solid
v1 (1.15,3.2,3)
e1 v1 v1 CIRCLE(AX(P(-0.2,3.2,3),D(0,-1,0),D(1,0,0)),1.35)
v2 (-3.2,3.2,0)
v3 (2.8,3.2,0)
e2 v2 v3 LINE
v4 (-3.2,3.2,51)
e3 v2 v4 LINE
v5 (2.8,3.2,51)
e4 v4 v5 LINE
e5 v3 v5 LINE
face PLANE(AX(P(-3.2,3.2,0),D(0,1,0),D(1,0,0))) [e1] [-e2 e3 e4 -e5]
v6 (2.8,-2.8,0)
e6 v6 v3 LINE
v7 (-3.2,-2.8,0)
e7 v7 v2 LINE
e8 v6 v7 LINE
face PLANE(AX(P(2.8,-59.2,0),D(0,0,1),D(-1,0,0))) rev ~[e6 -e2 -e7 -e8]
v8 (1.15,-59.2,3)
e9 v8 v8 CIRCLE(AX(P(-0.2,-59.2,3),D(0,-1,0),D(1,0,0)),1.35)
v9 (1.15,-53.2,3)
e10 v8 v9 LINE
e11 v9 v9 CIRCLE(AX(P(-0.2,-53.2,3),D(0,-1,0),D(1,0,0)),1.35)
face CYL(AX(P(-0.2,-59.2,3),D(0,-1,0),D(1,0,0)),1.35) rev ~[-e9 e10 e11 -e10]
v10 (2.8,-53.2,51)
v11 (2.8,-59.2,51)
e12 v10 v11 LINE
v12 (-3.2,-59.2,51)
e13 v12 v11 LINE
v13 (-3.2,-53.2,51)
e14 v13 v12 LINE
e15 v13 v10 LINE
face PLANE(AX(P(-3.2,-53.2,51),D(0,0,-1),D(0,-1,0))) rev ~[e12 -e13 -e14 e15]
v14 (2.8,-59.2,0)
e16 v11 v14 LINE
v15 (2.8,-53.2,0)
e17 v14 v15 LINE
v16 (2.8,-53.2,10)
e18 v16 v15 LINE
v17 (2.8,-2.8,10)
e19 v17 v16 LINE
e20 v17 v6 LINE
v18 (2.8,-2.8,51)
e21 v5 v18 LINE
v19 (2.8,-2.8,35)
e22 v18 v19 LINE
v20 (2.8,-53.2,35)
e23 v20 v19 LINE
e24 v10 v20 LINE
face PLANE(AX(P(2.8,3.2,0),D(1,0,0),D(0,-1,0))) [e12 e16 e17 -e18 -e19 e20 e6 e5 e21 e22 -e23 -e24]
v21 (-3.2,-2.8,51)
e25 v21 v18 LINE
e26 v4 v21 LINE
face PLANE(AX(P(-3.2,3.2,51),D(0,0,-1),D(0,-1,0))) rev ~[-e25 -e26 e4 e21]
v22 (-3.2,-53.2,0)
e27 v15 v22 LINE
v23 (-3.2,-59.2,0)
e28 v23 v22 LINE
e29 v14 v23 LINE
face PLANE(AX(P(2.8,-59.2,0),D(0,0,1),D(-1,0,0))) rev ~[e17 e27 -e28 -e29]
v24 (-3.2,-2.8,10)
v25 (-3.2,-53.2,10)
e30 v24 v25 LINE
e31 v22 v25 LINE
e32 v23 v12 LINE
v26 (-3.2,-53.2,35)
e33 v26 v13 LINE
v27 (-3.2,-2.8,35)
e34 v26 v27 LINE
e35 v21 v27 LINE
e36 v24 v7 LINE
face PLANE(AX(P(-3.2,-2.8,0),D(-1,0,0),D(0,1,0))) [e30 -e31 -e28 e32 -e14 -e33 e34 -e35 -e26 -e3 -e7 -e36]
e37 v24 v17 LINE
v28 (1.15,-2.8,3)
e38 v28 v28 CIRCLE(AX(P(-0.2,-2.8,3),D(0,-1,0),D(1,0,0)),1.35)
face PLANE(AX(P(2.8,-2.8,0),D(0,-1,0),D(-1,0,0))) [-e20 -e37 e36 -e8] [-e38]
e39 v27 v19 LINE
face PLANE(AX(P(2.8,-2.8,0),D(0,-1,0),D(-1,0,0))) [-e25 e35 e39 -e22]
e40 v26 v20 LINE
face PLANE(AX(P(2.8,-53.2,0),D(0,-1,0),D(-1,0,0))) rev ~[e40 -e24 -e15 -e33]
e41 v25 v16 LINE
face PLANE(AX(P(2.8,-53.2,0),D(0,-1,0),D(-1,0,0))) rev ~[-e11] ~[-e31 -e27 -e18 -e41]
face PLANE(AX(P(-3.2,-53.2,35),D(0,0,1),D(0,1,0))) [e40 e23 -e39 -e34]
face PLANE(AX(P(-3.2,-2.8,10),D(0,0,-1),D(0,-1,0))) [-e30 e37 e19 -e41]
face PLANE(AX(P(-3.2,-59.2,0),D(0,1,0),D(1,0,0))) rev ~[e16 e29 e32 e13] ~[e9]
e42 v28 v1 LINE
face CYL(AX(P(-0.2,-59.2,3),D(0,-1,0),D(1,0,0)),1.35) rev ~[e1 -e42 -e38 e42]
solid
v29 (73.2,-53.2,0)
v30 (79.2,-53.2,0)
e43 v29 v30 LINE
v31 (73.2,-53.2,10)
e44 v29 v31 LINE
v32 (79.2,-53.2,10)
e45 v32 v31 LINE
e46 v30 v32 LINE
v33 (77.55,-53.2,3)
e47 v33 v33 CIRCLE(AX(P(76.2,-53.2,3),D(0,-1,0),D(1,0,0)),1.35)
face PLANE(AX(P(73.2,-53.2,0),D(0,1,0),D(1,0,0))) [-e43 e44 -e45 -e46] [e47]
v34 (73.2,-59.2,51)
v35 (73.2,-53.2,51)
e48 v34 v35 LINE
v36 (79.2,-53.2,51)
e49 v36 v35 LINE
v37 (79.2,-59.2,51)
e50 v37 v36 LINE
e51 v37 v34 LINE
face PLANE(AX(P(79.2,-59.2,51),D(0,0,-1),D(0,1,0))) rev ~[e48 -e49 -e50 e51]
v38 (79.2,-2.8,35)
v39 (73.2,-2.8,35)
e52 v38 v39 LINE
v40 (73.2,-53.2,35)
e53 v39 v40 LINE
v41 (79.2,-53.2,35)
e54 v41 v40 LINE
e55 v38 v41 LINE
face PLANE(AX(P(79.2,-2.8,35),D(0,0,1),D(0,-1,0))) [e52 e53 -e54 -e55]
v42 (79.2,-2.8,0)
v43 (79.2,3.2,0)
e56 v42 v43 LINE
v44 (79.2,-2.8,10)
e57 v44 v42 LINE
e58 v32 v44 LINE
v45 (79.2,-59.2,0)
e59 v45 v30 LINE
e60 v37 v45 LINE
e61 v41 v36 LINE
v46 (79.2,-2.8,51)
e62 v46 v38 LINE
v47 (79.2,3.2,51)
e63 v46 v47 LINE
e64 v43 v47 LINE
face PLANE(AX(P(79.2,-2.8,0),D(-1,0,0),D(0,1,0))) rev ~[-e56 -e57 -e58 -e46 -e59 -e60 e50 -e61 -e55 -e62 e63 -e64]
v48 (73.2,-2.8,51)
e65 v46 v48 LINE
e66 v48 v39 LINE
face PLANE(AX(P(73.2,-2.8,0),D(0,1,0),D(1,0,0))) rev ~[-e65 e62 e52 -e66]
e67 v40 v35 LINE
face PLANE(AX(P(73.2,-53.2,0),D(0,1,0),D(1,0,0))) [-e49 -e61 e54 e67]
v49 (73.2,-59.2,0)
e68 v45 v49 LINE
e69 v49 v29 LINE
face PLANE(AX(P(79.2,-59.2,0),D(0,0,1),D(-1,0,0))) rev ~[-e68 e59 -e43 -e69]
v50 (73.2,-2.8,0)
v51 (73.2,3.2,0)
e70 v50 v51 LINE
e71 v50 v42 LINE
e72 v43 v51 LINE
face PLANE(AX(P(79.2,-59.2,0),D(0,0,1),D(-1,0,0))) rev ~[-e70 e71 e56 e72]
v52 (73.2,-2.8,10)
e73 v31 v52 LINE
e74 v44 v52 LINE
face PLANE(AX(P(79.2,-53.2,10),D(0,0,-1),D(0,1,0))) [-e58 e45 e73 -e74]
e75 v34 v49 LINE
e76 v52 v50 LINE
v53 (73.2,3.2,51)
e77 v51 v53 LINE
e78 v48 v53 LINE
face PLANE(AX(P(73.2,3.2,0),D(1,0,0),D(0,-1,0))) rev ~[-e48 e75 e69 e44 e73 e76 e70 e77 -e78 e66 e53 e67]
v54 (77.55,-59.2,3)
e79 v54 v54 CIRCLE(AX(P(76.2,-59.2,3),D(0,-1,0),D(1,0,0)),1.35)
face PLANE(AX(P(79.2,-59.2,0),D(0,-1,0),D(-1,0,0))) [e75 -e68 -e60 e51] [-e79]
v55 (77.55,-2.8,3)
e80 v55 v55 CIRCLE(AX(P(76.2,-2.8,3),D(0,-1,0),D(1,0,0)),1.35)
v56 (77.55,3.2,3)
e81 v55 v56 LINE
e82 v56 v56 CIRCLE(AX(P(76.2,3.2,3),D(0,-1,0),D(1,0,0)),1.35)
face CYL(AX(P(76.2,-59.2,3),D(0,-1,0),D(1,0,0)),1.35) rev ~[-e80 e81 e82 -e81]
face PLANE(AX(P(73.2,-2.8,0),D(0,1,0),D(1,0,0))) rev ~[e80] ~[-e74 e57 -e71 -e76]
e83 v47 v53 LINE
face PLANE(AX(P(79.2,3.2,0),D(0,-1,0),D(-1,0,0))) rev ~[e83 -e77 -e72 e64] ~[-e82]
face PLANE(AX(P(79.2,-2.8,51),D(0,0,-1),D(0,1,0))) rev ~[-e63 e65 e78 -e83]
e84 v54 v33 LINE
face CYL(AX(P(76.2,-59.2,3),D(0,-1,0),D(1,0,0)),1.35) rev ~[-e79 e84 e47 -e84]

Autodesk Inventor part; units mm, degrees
ref_plane "YZ Plane" through (0, 0, 0) normal (1, 0, 0) x (0, 1, 0)
ref_plane "XZ Plane" through (0, 0, 0) normal (0, 1, 0) x (-1, 0, 0)
ref_plane "XY Plane" through (0, 0, 0) normal (0, 0, 1) x (1, 0, 0)
sketch "스케치1" plane through (0, 0, 0) normal (0, 0, 1) x (1, 0, 0)
  circle A0 centre (7.2, -7.2) radius 1.6 projected
  circle A1 centre (68.8, -7.2) radius 1.6 projected
  circle A2 centre (7.2, -48.8) radius 1.6 projected
  circle A3 centre (68.8, -48.8) radius 1.6 projected
  line L0 (73, -3) -> (3, -3) projected
  line L1 (3, -3) -> (3, -53) projected
  line L2 (3, -53) -> (73, -53) projected
  line L3 (73, -53) -> (73, -3) projected
  line L4 (22.5584, -24.5391) -> (23.3691, -24.5391) projected
  line L5 (23.3691, -24.5391) -> (23.3691, -29.9174) projected
  line L6 (23.3691, -29.9174) -> (25.4156, -29.9174) projected
  line L7 (25.4156, -29.9174) -> (25.4156, -30.6391) projected
  line L8 (25.4156, -30.6391) -> (20.5118, -30.6391) projected
  line L9 (20.5118, -30.6391) -> (20.5118, -29.9174) projected
  line L10 (20.5118, -29.9174) -> (22.5584, -29.9174) projected
  line L11 (22.5584, -29.9174) -> (22.5584, -24.5391) projected
  spline S0 degree 2 poles (29.6668, -24.9741) (29.9584, -24.6874) (30.7296, -24.4106) (31.2931, -24.4106) knots 0 0 0 1 2 2 2 projected
  spline S1 degree 2 poles (31.2931, -24.4106) (31.8319, -24.4106) (32.6328, -24.6924) (32.9145, -24.9741) knots 0 0 0 1 2 2 2 projected
  spline S2 degree 2 poles (32.9145, -24.9741) (33.2358, -25.2905) (33.4978, -26.1803) (33.4978, -26.8328) knots 0 0 0 1 2 2 2 projected
  line L12 (33.4978, -26.8328) -> (33.4978, -30.6391) projected
  line L13 (33.4978, -30.6391) -> (32.6871, -30.6391) projected
  line L14 (32.6871, -30.6391) -> (32.6871, -26.8328) projected
  spline S3 degree 2 poles (32.6871, -26.8328) (32.6871, -26.4077) (32.5784, -25.8343) (32.4251, -25.6019) knots 0 0 0 1 2 2 2 projected
  spline S4 degree 2 poles (32.4251, -25.6019) (32.262, -25.3548) (31.6985, -25.1027) (31.2931, -25.1027) knots 0 0 0 1 2 2 2 projected
  spline S5 degree 2 poles (31.2931, -25.1027) (30.9125, -25.1027) (30.3193, -25.3548) (30.1562, -25.6019) knots 0 0 0 1 2 2 2 projected
  spline S6 degree 2 poles (30.1562, -25.6019) (30.0029, -25.8343) (29.8942, -26.4028) (29.8942, -26.813) knots 0 0 0 1 2 2 2 projected
  line L15 (29.8942, -26.813) -> (29.8942, -30.6391) projected
  line L16 (29.8942, -30.6391) -> (29.0835, -30.6391) projected
  line L17 (29.0835, -30.6391) -> (29.0835, -26.8328) projected
  spline S7 degree 2 poles (29.0835, -26.8328) (29.0835, -26.1951) (29.3405, -25.2856) (29.6668, -24.9741) knots 0 0 0 1 2 2 2 projected
  line L18 (44.6696, -25.162) -> (44.6696, -24.5391) projected
  line L19 (44.6696, -24.5391) -> (47.0325, -24.5391) projected
  line L20 (47.0325, -24.5391) -> (47.0325, -25.162) projected
  line L21 (47.0325, -25.162) -> (46.2564, -25.162) projected
  line L22 (46.2564, -25.162) -> (46.2564, -30.0163) projected
  line L23 (46.2564, -30.0163) -> (47.0325, -30.0163) projected
  line L24 (47.0325, -30.0163) -> (47.0325, -30.6391) projected
  line L25 (47.0325, -30.6391) -> (44.6696, -30.6391) projected
  line L26 (44.6696, -30.6391) -> (44.6696, -30.0163) projected
  line L27 (44.6696, -30.0163) -> (45.4457, -30.0163) projected
  line L28 (45.4457, -30.0163) -> (45.4457, -25.162) projected
  line L29 (45.4457, -25.162) -> (44.6696, -25.162) projected
  spline S8 degree 2 poles (48.3623, -24.6083) (48.6292, -24.5194) (49.084, -24.4304) (49.4498, -24.4304) knots 0 0 0 1 2 2 2 projected
  spline S9 degree 2 poles (49.4498, -24.4304) (50.043, -24.4304) (51.0464, -24.8308) (51.4123, -25.2312) knots 0 0 0 1 2 2 2 projected
  spline S10 degree 2 poles (51.4123, -25.2312) (51.7781, -25.6267) (52.1785, -26.813) (52.1785, -27.5842) knots 0 0 0 1 2 2 2 projected
  spline S11 degree 2 poles (52.1785, -27.5842) (52.1785, -28.3504) (51.7879, -29.4874) (51.4172, -29.9075) knots 0 0 0 1 2 2 2 projected
  spline S12 degree 2 poles (51.4172, -29.9075) (51.0514, -30.3178) (50.0529, -30.7479) (49.4349, -30.7479) knots 0 0 0 1 2 2 2 projected
  spline S13 degree 2 poles (49.4349, -30.7479) (49.1285, -30.7479) (48.5896, -30.6589) (48.3623, -30.5897) knots 0 0 0 1 2 2 2 projected
  spline S14 degree 2 poles (48.3623, -30.5897) (48.1645, -30.5254) (47.7542, -30.3425) (47.5516, -30.2338) knots 0 0 0 1 2 2 2 projected
  line L30 (47.5516, -30.2338) -> (47.5516, -29.255) projected
  line L31 (47.5516, -29.255) -> (47.6158, -29.255) projected
  spline S15 degree 2 poles (47.6158, -29.255) (47.7246, -29.3539) (48.0607, -29.6307) (48.3029, -29.7642) knots 0 0 0 1 2 2 2 projected
  spline S16 degree 2 poles (48.3029, -29.7642) (48.5353, -29.8927) (49.084, -30.0558) (49.4399, -30.0558) knots 0 0 0 1 2 2 2 projected
  spline S17 degree 2 poles (49.4399, -30.0558) (49.8304, -30.0558) (50.5274, -29.7345) (50.7894, -29.428) knots 0 0 0 1 2 2 2 projected
  spline S18 degree 2 poles (50.7894, -29.428) (51.0464, -29.1166) (51.3332, -28.1724) (51.3332, -27.5842) knots 0 0 0 1 2 2 2 projected
  spline S19 degree 2 poles (51.3332, -27.5842) (51.3332, -26.9564) (51.0316, -26.0518) (50.7696, -25.7404) knots 0 0 0 1 2 2 2 projected
  spline S20 degree 2 poles (50.7696, -25.7404) (50.5126, -25.4388) (49.8255, -25.1323) (49.4399, -25.1323) knots 0 0 0 1 2 2 2 projected
  spline S21 degree 2 poles (49.4399, -25.1323) (49.0889, -25.1323) (48.4908, -25.3053) (48.2584, -25.4339) knots 0 0 0 1 2 2 2 projected
  spline S22 degree 2 poles (48.2584, -25.4339) (48.036, -25.5624) (47.7048, -25.8293) (47.6109, -25.9233) knots 0 0 0 1 2 2 2 projected
  line L32 (47.6109, -25.9233) -> (47.5516, -25.9233) projected
  line L33 (47.5516, -25.9233) -> (47.5516, -24.9544) projected
  spline S23 degree 2 poles (47.5516, -24.9544) (47.7542, -24.8604) (48.1101, -24.6874) (48.3623, -24.6083) knots 0 0 0 1 2 2 2 projected
  line L34 (41.1154, -27.1937) -> (38.9453, -24.5391) projected
  line L35 (38.9453, -24.5391) -> (39.9982, -24.5391) projected
  line L36 (39.9982, -24.5391) -> (41.9261, -26.9663) projected
  line L37 (41.9261, -26.9663) -> (42.8554, -26.9663) projected
  line L38 (42.8554, -26.9663) -> (42.8554, -24.5391) projected
  line L39 (42.8554, -24.5391) -> (43.6661, -24.5391) projected
  line L40 (43.6661, -24.5391) -> (43.6661, -30.6391) projected
  line L41 (43.6661, -30.6391) -> (42.0942, -30.6391) projected
  spline S24 degree 2 poles (42.0942, -30.6391) (41.5702, -30.6391) (40.8633, -30.5254) (40.542, -30.3178) knots 0 0 0 1 2 2 2 projected
  spline S25 degree 2 poles (40.542, -30.3178) (40.2207, -30.1102) (39.8499, -29.4626) (39.8499, -28.9831) knots 0 0 0 1 2 2 2 projected
  spline S26 degree 2 poles (39.8499, -28.9831) (39.8499, -28.3158) (40.5321, -27.4112) (41.1154, -27.1937) knots 0 0 0 1 2 2 2 projected
  spline S27 degree 2 poles (34.9907, -24.6083) (35.2576, -24.5194) (35.7124, -24.4304) (36.0782, -24.4304) knots 0 0 0 1 2 2 2 projected
  spline S28 degree 2 poles (36.0782, -24.4304) (36.6714, -24.4304) (37.6749, -24.8308) (38.0407, -25.2312) knots 0 0 0 1 2 2 2 projected
  spline S29 degree 2 poles (38.0407, -25.2312) (38.4065, -25.6267) (38.8069, -26.813) (38.8069, -27.5842) knots 0 0 0 1 2 2 2 projected
  spline S30 degree 2 poles (38.8069, -27.5842) (38.8069, -28.3504) (38.4164, -29.4874) (38.0456, -29.9075) knots 0 0 0 1 2 2 2 projected
  spline S31 degree 2 poles (38.0456, -29.9075) (37.6798, -30.3178) (36.6813, -30.7479) (36.0634, -30.7479) knots 0 0 0 1 2 2 2 projected
  spline S32 degree 2 poles (36.0634, -30.7479) (35.7569, -30.7479) (35.2181, -30.6589) (34.9907, -30.5897) knots 0 0 0 1 2 2 2 projected
  spline S33 degree 2 poles (34.9907, -30.5897) (34.793, -30.5254) (34.3827, -30.3425) (34.18, -30.2338) knots 0 0 0 1 2 2 2 projected
  line L42 (34.18, -30.2338) -> (34.18, -29.255) projected
  line L43 (34.18, -29.255) -> (34.2443, -29.255) projected
  spline S34 degree 2 poles (34.2443, -29.255) (34.353, -29.3539) (34.6892, -29.6307) (34.9314, -29.7642) knots 0 0 0 1 2 2 2 projected
  spline S35 degree 2 poles (34.9314, -29.7642) (35.1637, -29.8927) (35.7124, -30.0558) (36.0683, -30.0558) knots 0 0 0 1 2 2 2 projected
  spline S36 degree 2 poles (36.0683, -30.0558) (36.4588, -30.0558) (37.1558, -29.7345) (37.4178, -29.428) knots 0 0 0 1 2 2 2 projected
  spline S37 degree 2 poles (37.4178, -29.428) (37.6749, -29.1166) (37.9616, -28.1724) (37.9616, -27.5842) knots 0 0 0 1 2 2 2 projected
  spline S38 degree 2 poles (37.9616, -27.5842) (37.9616, -26.9564) (37.6601, -26.0518) (37.3981, -25.7404) knots 0 0 0 1 2 2 2 projected
  spline S39 degree 2 poles (37.3981, -25.7404) (37.141, -25.4388) (36.4539, -25.1323) (36.0683, -25.1323) knots 0 0 0 1 2 2 2 projected
  spline S40 degree 2 poles (36.0683, -25.1323) (35.7174, -25.1323) (35.1192, -25.3053) (34.8869, -25.4339) knots 0 0 0 1 2 2 2 projected
  spline S41 degree 2 poles (34.8869, -25.4339) (34.6644, -25.5624) (34.3332, -25.8293) (34.2393, -25.9233) knots 0 0 0 1 2 2 2 projected
  line L44 (34.2393, -25.9233) -> (34.18, -25.9233) projected
  line L45 (34.18, -25.9233) -> (34.18, -24.9544) projected
  spline S42 degree 2 poles (34.18, -24.9544) (34.3827, -24.8604) (34.7386, -24.6874) (34.9907, -24.6083) knots 0 0 0 1 2 2 2 projected
  line L46 (25.7962, -25.162) -> (25.7962, -24.5391) projected
  line L47 (25.7962, -24.5391) -> (28.1591, -24.5391) projected
  line L48 (28.1591, -24.5391) -> (28.1591, -25.162) projected
  line L49 (28.1591, -25.162) -> (27.383, -25.162) projected
  line L50 (27.383, -25.162) -> (27.383, -30.0163) projected
  line L51 (27.383, -30.0163) -> (28.1591, -30.0163) projected
  line L52 (28.1591, -30.0163) -> (28.1591, -30.6391) projected
  line L53 (28.1591, -30.6391) -> (25.7962, -30.6391) projected
  line L54 (25.7962, -30.6391) -> (25.7962, -30.0163) projected
  line L55 (25.7962, -30.0163) -> (26.5723, -30.0163) projected
  line L56 (26.5723, -30.0163) -> (26.5723, -25.162) projected
  line L57 (26.5723, -25.162) -> (25.7962, -25.162) projected
  line L58 (79.2, 3.2) -> (73.2, 3.2)
  line L59 (73.2, 3.2) -> (73.2, -2.8)
  line L60 (73.2, -2.8) -> (79.2, -2.8)
  line L61 (79.2, -2.8) -> (79.2, 3.2)
  line L62 (79.2, -59.2) -> (73.2, -59.2)
  line L63 (73.2, -59.2) -> (73.2, -53.2)
  line L64 (73.2, -53.2) -> (79.2, -53.2)
  line L65 (79.2, -53.2) -> (79.2, -59.2)
  line L66 (-3.2, 3.2) -> (2.8, 3.2)
  line L67 (2.8, 3.2) -> (2.8, -2.8)
  line L68 (2.8, -2.8) -> (-3.2, -2.8)
  line L69 (-3.2, -2.8) -> (-3.2, 3.2)
  line L70 (-3.2, -59.2) -> (2.8, -59.2)
  line L71 (2.8, -59.2) -> (2.8, -53.2)
  line L72 (2.8, -53.2) -> (-3.2, -53.2)
  line L73 (-3.2, -53.2) -> (-3.2, -59.2)
  line L74 (67.1, -22.175) -> (67.1, -28.175) projected
  line L75 (67.1, -28.175) -> (61.1, -28.175) projected
  line L76 (61.1, -28.175) -> (61.1, -22.175) projected
  line L77 (61.1, -22.175) -> (67.1, -22.175) projected
  circle A4 centre (7.2, -7.2) radius 1.6 projected
  circle A5 centre (68.8, -7.2) radius 1.6 projected
  circle A6 centre (7.2, -48.8) radius 1.6 projected
  circle A7 centre (68.8, -48.8) radius 1.6 projected
  line L78 (8.9, -22.175) -> (14.9, -22.175) projected
  line L79 (14.9, -22.175) -> (14.9, -28.175) projected
  line L80 (14.9, -28.175) -> (8.9, -28.175) projected
  line L81 (8.9, -28.175) -> (8.9, -22.175) projected
  line L82 (-3.2, -2.8) -> (-3.2, -53.2) projected
  line L83 (-3.2, -53.2) -> (2.8, -53.2) projected
  line L84 (2.8, -53.2) -> (2.8, -59.2) projected
  line L85 (2.8, -59.2) -> (73.2, -59.2) projected
  line L86 (73.2, -59.2) -> (73.2, -53.2) projected
  line L87 (73.2, -53.2) -> (79.2, -53.2) projected
  line L88 (79.2, -53.2) -> (79.2, -2.8) projected
  line L89 (79.2, -2.8) -> (73.2, -2.8) projected
  line L90 (73.2, -2.8) -> (73.2, 3.2) projected
  line L91 (73.2, 3.2) -> (2.8, 3.2) projected
  line L92 (2.8, 3.2) -> (2.8, -2.8) projected
  line L93 (2.8, -2.8) -> (-3.2, -2.8) projected
  point P0 (0, 0)
  dimension "d0" = 6
  dimension "d1" = 6
  dimension "d2" = 6
  dimension "d3" = 6
  dimension "d4" = 6
  dimension "d5" = 6
  dimension "d6" = 6
  dimension "d7" = 6
extrude "돌출1" add sketch "스케치1" along normal blind 45 contours L61 L60 L59 L58 | L67 L68 L69 L66 | L65 L62 L63 L64 | L72 L71 L70 L73
sketch "스케치2" plane through (79.2, -59.2, 0) normal (1, 0, 0) x (0, 0, -1)
  line L0 (-45, 0) -> (-45, 6) projected
  line L1 (-45, 6) -> (-51, 6) projected
  line L2 (-51, 0) -> (-51, 6) projected
  line L3 (-45, 0) -> (-51, 0) projected
  line L4 (-45, 56.4) -> (-45, 62.4) projected
  line L5 (-45, 62.4) -> (-51, 62.4) projected
  line L6 (-51, 56.4) -> (-51, 62.4) projected
  line L7 (-45, 56.4) -> (-51, 56.4) projected
  line L8 (6, 56.4) -> (6, 62.4) projected
  line L9 (6, 62.4) -> (0, 62.4) projected
  line L10 (0, 56.4) -> (0, 62.4) projected
  line L11 (6, 56.4) -> (0, 56.4) projected
  line L12 (6, 0) -> (6, 6) projected
  line L13 (6, 6) -> (0, 6) projected
  line L14 (0, 0) -> (0, 6) projected
  line L15 (6, 0) -> (0, 0) projected
  line L16 (0, 6) -> (0, 56.4) projected
  line L17 (-45, 6) -> (-45, 56.4) projected
  point P0 (0, 59.2)
extrude "돌출2" add sketch "스케치2" against normal blind 6
sketch "스케치3" plane through (-3.2, -2.8, 0) normal (-1, 0, 0) x (0, 0, 1)
  line L0 (45, 6) -> (45, 0) projected
  line L1 (45, 0) -> (51, 0) projected
  line L2 (51, 6) -> (51, 0) projected
  line L3 (45, 6) -> (51, 6) projected
  line L4 (45, -50.4) -> (45, -56.4) projected
  line L5 (45, -56.4) -> (51, -56.4) projected
  line L6 (51, -50.4) -> (51, -56.4) projected
  line L7 (45, -50.4) -> (51, -50.4) projected
  line L8 (-6, -50.4) -> (-6, -56.4) projected
  line L9 (-6, -56.4) -> (0, -56.4) projected
  line L10 (0, -50.4) -> (0, -56.4) projected
  line L11 (-6, -50.4) -> (0, -50.4) projected
  line L12 (-6, 6) -> (-6, 0) projected
  line L13 (-6, 0) -> (0, 0) projected
  line L14 (0, 6) -> (0, 0) projected
  line L15 (-6, 6) -> (0, 6) projected
  point P0 (0, 2.8)
extrude "돌출3" add sketch "스케치3" against normal blind 6
sketch "스케치4" plane through (-3.2, -2.8, 51) normal (-1, 0, 0) x (0, 0, 1)
  line L0 (-57, 0) -> (0, 0) projected
  line L1 (-57, -50.4) -> (0, -50.4) projected
  line L2 (-16, 0) -> (-41, 0)
  line L3 (-41, 0) -> (-41, -50.4)
  line L4 (-41, -50.4) -> (-16, -50.4)
  line L5 (-16, -50.4) -> (-16, 0)
  point P0 (-51, 2.8)
  point P1 (-16, -50.4)
  point P2 (-41, 0)
extrude "돌출4" add sketch "스케치4" against normal blind 6
sketch "스케치6" plane through (79.2, -59.2, 51) normal (1, 0, 0) x (0, 0, -1)
  line L0 (57, 6) -> (0, 6) projected
  line L1 (57, 56.4) -> (41, 56.4) projected
  line L2 (16, 6) -> (41, 6)
  line L3 (41, 6) -> (41, 56.4)
  line L4 (41, 56.4) -> (16, 56.4)
  line L5 (16, 56.4) -> (16, 6)
  point P0 (51, 59.2)
  point P1 (41, 6)
extrude "돌출5" add sketch "스케치6" against normal blind 6
sketch "스케치8" plane through (-3.2, -59.2, -6) normal (0, -1, 0) x (1, 0, 0)
  line L0 (0, 0) -> (0, 57) projected
  line L1 (6, 0) -> (6, 57) projected
  line L2 (0, 0) -> (6, 0)
  line L3 (6, 0) -> (6, 6)
  line L4 (6, 6) -> (0, 6)
  line L5 (0, 6) -> (0, 0)
  circle A0 centre (3, 3) radius 1.3
  line L6 (76.4, 0) -> (76.4, 57) projected
  line L7 (82.4, 0) -> (82.4, 57) projected
  line L8 (76.4, 0) -> (82.4, 0)
  line L9 (82.4, 0) -> (82.4, 6)
  line L10 (82.4, 6) -> (76.4, 6)
  line L11 (76.4, 6) -> (76.4, 0)
  circle A1 centre (79.4, 3) radius 1.3
  point P0 (3.2, 6)
  dimension "d18" = 2.6
  dimension "d19" = 2.6
extrude "돌출6" cut sketch "스케치8" against normal up to next contours A0 | A1
sketch "스케치10" plane through (-3.2, -59.2, -6) normal (0, -1, 0) x (1, 0, 0)
  line L0 (0, 0) -> (0, 16) projected
  line L1 (6, 0) -> (6, 16) projected
  line L2 (0, 0) -> (6, 0)
  line L3 (6, 0) -> (6, 6)
  line L4 (6, 6) -> (0, 6)
  line L5 (0, 6) -> (0, 0)
  line L6 (82.4, 0) -> (76.4, 0) projected
  line L7 (82.4, 0) -> (82.4, 57) projected
  line L8 (76.4, 0) -> (82.4, 0)
  line L9 (82.4, 0) -> (82.4, 6)
  line L10 (82.4, 6) -> (76.4, 6)
  line L11 (76.4, 6) -> (76.4, 0)
  point P0 (3.2, 6)
extrude "돌출7" cut sketch "스케치10" against normal through all
sketch "스케치11" plane through (-3.2, -59.2, 51) normal (0, -1, 0) x (1, 0, 0)
  line L0 (0, -51) -> (0, 0) projected
  line L1 (6, -51) -> (6, -41) projected
  line L2 (0, -51) -> (6, -51)
  line L3 (6, -51) -> (6, -45)
  line L4 (6, -45) -> (0, -45)
  line L5 (0, -45) -> (0, -51)
  circle A0 centre (3, -48) radius 1.35
  line L6 (82.4, -51) -> (82.4, 0) projected
  line L7 (76.4, -51) -> (76.4, 0) projected
  line L8 (82.4, -51) -> (76.4, -51)
  line L9 (76.4, -51) -> (76.4, -45)
  line L10 (76.4, -45) -> (82.4, -45)
  line L11 (82.4, -45) -> (82.4, -51)
  circle A1 centre (79.4, -48) radius 1.35
  point P0 (3.2, -51)
  dimension "d24" = 2.7
  dimension "d25" = 2.7
extrude "돌출8" cut sketch "스케치11" against normal through all contours A0 | A1
properties part number "c" material "PMMA 플라스틱"
